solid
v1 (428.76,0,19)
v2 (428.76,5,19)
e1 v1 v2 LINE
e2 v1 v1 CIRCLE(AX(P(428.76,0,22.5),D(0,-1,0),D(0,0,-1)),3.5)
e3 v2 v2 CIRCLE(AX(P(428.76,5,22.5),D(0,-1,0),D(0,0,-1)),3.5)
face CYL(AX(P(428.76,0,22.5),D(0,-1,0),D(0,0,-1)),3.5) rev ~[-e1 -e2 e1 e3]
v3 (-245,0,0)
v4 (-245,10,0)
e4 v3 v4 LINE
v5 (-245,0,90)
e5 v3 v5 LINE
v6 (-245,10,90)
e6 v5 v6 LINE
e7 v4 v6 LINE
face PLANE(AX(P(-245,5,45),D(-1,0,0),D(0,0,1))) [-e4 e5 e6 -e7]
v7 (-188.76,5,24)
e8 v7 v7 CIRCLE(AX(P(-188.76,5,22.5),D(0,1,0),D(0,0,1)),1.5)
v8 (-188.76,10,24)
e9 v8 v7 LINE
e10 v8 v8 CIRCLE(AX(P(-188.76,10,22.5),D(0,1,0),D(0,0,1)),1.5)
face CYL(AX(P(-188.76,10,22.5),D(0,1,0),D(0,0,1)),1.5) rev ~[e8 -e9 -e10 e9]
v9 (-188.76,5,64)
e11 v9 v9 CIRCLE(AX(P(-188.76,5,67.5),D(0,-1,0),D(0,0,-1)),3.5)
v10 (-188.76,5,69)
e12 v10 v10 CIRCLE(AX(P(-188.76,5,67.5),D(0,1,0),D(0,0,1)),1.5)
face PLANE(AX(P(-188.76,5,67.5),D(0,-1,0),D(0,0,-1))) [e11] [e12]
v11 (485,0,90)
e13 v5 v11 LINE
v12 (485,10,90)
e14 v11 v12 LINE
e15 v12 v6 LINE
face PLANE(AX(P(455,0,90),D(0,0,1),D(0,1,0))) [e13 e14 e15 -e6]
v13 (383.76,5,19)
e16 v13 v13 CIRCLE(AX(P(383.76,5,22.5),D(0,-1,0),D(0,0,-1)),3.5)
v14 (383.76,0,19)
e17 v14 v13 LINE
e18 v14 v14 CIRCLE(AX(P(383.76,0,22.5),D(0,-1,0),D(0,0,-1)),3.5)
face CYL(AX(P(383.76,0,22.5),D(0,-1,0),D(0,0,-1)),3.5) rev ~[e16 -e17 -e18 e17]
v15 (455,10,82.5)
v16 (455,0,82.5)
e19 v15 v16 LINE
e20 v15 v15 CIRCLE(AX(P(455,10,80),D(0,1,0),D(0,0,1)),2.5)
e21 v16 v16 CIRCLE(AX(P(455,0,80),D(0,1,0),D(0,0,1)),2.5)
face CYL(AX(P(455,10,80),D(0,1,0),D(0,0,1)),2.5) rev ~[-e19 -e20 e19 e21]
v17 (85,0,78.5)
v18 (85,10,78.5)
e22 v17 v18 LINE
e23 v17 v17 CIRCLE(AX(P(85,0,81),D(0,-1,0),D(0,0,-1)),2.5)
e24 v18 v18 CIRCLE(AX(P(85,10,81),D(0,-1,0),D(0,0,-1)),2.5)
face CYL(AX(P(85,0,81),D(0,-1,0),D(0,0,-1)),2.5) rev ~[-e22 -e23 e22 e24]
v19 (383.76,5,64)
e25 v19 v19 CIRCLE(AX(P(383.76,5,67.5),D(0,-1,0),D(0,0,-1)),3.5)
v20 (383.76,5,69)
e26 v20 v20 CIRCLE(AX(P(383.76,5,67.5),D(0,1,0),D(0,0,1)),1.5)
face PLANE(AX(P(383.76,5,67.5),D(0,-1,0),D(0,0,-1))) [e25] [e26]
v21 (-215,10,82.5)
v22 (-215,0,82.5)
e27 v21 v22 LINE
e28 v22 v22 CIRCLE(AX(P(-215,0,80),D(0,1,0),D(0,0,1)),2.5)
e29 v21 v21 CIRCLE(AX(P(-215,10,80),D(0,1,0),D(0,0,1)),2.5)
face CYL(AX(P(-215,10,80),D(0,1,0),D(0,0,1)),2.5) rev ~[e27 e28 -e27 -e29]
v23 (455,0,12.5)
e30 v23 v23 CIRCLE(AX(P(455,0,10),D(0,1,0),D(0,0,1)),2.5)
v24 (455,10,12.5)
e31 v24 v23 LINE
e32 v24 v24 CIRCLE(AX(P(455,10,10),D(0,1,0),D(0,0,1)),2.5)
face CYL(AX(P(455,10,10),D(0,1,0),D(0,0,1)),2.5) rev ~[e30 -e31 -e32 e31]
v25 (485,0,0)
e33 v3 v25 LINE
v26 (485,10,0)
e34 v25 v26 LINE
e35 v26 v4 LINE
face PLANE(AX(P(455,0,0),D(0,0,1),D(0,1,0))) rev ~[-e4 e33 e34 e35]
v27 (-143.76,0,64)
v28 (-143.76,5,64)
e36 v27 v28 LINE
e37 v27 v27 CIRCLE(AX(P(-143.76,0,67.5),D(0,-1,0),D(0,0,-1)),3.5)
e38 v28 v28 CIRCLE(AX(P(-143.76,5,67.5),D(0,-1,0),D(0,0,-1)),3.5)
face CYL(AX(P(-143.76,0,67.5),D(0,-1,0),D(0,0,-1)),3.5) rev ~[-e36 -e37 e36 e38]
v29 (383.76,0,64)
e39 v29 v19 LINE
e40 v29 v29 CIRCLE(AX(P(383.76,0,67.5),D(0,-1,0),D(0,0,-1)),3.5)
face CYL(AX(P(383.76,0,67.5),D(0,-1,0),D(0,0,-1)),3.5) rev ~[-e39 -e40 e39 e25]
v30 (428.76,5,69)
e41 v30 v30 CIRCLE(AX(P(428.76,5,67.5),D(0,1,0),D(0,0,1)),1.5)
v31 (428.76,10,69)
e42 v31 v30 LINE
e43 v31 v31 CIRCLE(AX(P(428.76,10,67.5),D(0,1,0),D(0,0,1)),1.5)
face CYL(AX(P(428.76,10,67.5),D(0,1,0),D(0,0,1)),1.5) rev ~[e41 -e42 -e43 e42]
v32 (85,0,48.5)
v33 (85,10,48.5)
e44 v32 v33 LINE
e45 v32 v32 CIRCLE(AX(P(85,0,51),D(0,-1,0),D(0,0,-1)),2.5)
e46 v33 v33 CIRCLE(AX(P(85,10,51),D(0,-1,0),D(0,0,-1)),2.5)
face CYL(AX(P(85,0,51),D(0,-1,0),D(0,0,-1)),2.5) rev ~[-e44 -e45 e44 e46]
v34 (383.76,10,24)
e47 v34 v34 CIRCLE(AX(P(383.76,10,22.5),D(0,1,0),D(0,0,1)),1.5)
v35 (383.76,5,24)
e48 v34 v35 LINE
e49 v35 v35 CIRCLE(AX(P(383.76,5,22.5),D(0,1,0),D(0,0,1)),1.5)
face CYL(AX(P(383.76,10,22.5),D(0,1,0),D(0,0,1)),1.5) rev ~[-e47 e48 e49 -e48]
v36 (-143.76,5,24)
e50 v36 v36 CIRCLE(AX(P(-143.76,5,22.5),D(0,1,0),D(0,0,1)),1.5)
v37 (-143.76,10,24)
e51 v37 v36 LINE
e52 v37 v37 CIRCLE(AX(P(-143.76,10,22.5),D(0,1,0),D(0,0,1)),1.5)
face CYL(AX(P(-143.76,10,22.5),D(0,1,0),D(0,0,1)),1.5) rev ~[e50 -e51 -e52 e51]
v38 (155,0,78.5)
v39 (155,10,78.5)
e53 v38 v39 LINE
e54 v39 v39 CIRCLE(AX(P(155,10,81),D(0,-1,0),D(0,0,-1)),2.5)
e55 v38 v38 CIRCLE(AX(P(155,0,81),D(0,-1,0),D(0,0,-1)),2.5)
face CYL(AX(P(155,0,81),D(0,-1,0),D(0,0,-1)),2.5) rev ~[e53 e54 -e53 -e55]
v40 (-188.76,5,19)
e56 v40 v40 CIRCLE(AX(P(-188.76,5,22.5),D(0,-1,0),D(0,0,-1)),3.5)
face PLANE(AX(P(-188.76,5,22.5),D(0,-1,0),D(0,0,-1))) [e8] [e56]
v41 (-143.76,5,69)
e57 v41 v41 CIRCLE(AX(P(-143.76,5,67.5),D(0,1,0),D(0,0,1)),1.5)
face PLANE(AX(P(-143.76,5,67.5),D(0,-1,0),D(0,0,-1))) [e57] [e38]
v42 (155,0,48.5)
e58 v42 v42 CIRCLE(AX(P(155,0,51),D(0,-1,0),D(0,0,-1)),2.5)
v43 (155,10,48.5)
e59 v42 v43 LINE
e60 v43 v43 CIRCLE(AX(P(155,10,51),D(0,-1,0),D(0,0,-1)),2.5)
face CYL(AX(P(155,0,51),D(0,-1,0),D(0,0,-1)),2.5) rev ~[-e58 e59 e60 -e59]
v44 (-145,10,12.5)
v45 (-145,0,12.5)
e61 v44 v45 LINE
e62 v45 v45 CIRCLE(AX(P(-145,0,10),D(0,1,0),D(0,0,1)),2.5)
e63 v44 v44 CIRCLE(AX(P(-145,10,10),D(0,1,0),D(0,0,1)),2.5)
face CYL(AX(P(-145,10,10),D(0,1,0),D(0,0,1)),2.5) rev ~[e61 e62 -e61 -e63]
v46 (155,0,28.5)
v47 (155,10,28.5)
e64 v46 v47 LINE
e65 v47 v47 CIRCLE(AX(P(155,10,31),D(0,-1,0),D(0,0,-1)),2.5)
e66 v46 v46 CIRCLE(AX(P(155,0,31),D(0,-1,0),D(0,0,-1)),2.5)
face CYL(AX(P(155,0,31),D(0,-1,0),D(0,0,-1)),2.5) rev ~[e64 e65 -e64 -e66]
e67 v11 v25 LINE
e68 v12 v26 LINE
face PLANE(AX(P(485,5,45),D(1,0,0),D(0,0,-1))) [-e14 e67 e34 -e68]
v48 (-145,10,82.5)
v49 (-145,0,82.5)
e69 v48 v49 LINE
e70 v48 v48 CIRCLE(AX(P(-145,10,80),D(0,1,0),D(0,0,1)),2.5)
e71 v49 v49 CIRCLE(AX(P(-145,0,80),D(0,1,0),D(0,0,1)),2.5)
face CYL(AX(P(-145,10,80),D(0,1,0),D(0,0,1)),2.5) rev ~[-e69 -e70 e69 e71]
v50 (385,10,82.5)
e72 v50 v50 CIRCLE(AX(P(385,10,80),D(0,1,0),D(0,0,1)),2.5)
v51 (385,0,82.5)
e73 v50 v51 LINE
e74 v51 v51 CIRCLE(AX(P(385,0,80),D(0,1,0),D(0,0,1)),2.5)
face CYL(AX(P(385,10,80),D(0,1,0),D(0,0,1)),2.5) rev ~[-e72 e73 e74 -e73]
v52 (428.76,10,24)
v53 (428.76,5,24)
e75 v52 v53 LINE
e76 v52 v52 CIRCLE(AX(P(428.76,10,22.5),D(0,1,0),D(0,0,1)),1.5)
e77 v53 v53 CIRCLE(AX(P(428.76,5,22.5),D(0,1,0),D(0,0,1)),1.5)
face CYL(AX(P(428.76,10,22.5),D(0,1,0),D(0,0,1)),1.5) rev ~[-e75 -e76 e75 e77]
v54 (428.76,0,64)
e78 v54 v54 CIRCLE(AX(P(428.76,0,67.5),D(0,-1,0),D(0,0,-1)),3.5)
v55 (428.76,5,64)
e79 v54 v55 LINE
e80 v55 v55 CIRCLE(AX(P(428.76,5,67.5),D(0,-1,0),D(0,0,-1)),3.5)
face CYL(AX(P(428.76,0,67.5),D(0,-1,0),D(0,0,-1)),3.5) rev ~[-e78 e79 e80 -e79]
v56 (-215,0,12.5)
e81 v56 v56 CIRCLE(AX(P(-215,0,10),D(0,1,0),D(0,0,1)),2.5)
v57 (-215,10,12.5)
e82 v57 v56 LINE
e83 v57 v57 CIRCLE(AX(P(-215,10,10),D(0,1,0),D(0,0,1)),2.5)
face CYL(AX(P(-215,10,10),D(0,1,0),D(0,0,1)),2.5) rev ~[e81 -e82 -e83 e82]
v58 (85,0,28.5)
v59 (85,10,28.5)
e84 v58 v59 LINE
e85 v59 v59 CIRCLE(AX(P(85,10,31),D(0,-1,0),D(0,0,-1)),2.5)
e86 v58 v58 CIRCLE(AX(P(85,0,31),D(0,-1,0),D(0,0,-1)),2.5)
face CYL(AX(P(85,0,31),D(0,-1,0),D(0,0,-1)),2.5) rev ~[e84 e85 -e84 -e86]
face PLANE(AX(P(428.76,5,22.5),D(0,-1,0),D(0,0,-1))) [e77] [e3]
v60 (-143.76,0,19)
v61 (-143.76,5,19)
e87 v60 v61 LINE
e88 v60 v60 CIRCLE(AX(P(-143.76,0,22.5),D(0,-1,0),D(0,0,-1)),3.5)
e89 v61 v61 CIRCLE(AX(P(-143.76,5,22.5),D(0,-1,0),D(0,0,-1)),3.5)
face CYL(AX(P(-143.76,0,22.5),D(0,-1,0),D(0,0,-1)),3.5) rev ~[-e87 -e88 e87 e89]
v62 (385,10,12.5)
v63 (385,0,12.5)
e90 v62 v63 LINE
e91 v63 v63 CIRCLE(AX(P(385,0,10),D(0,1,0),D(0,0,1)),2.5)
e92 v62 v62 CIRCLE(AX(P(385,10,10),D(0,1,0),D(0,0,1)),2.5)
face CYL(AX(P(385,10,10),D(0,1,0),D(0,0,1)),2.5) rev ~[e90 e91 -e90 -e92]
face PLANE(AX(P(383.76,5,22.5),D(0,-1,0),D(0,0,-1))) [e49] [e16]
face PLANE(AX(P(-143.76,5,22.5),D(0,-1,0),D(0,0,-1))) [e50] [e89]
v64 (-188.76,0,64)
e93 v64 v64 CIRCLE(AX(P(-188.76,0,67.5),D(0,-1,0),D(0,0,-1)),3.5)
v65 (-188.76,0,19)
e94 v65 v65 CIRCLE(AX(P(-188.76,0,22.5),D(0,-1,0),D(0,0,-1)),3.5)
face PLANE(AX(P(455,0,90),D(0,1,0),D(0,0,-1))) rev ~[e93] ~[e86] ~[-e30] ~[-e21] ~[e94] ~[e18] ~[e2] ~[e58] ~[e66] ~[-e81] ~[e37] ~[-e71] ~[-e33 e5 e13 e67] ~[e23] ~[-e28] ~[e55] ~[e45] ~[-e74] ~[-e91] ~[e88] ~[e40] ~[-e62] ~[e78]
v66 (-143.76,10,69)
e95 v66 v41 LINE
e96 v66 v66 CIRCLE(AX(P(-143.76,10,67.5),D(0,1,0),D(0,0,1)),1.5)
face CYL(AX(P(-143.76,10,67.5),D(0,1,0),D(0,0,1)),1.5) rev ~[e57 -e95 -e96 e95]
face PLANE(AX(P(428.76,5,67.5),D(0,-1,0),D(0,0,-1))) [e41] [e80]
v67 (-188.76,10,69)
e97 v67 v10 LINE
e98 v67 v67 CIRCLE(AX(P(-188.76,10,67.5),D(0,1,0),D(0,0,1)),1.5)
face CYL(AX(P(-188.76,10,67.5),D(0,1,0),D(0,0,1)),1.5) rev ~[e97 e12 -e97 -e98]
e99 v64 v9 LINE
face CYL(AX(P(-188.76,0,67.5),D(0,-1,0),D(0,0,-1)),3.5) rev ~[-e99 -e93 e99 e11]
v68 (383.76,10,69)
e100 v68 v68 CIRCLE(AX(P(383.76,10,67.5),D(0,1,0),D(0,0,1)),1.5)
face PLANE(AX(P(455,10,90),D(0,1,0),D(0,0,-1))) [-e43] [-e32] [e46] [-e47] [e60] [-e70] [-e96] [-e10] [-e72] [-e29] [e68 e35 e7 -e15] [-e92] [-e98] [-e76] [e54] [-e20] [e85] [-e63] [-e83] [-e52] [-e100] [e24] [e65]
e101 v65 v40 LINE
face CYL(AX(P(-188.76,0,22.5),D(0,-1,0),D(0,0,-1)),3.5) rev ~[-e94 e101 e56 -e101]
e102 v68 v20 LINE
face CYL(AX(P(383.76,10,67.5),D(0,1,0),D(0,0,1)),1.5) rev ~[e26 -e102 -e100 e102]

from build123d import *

# Parameters (mm, degrees)
SKETCH_1_W          = 240
SKETCH_1_H          = 90
EXTRUDE_1_DEPTH     = 4
SKETCH_2_W          = 170
SKETCH_2_H          = 90
EXTRUDE_2_DEPTH     = 6
SKETCH_4_R          = 2.5
CUT_EXTRUDE_5_DEPTH = 257.515106768
SKETCH_5_W          = 90
SKETCH_5_H          = 10
EXTRUDE_3_DEPTH     = 250
SKETCH_6_W          = 90
SKETCH_6_H          = 10
EXTRUDE_4_DEPTH     = 250
SKETCH_7_R          = 1.5
CUT_EXTRUDE_7_DEPTH = 520
SKETCH_8_R          = 3.5
CUT_EXTRUDE_8_DEPTH = 5
SKETCH_11_W         = 90
SKETCH_11_H         = 10
EXTRUDE_5_DEPTH     = 30
SKETCH_12_W         = 90
SKETCH_12_H         = 10
EXTRUDE_6_DEPTH     = 30
SKETCH_14_R         = 2.5
CUT_EXTRUDE_9_DEPTH = 30


with BuildPart() as part:
    # 草图1 → 凸台-拉伸1 (new body)
    with BuildSketch(Plane(origin=(0, 0, 0), x_dir=(1, 0, 0), z_dir=(0, 1, 0))):
        with Locations((120, -45)):
            Rectangle(SKETCH_1_W, SKETCH_1_H)
    extrude(amount=EXTRUDE_1_DEPTH)

    # 草图2 → 凸台-拉伸2 (add)
    with BuildSketch(Plane(origin=(0, 4, 0), x_dir=(1, 0, 0), z_dir=(0, 1, 0))):
        with Locations((120, -45)):
            Rectangle(SKETCH_2_W, SKETCH_2_H)
    extrude(amount=EXTRUDE_2_DEPTH)

    # 草图4 → 切除-拉伸5 (cut, through all)
    with BuildSketch(Plane.XZ):
        with Locations(Location((85, 81, 0), (0, 0, 270))):
            Circle(SKETCH_4_R)
        with Locations(Location((155, 81, 0), (0, 0, 270))):
            Circle(SKETCH_4_R)
        with Locations(Location((85, 31, 0), (0, 0, 270))):
            Circle(SKETCH_4_R)
        with Locations(Location((155, 31, 0), (0, 0, 270))):
            Circle(SKETCH_4_R)
        with Locations(Location((85, 51, 0), (0, 0, 270))):
            Circle(SKETCH_4_R)
        with Locations(Location((155, 51, 0), (0, 0, 270))):
            Circle(SKETCH_4_R)
    extrude(amount=-CUT_EXTRUDE_5_DEPTH, mode=Mode.SUBTRACT)

    # 草图5 → 凸台-拉伸3 (add)
    with BuildSketch(Plane(origin=(205, 0, 0), x_dir=(0, 0, -1), z_dir=(1, 0, 0))):
        with Locations((-45, 5)):
            Rectangle(SKETCH_5_W, SKETCH_5_H)
    extrude(amount=EXTRUDE_3_DEPTH)

    # 草图6 → 凸台-拉伸4 (add)
    with BuildSketch(Plane.ZY.offset(-35)):
        with Locations((45, 5)):
            Rectangle(SKETCH_6_W, SKETCH_6_H)
    extrude(amount=EXTRUDE_4_DEPTH)

    # 草图7 → 切除-拉伸7 (cut)
    with BuildSketch(Plane(origin=(0, 10, 0), x_dir=(1, 0, 0), z_dir=(0, 1, 0))):
        with Locations(Location((-188.76, -22.5, 0), (0, 0, 270))):
            Circle(SKETCH_7_R)
        with Locations(Location((-188.76, -67.5, 0), (0, 0, 270))):
            Circle(SKETCH_7_R)
        with Locations(Location((-143.76, -67.5, 0), (0, 0, 270))):
            Circle(SKETCH_7_R)
        with Locations(Location((-143.76, -22.5, 0), (0, 0, 270))):
            Circle(SKETCH_7_R)
        with Locations(Location((383.76, -22.5, 0), (0, 0, 270))):
            Circle(SKETCH_7_R)
        with Locations(Location((383.76, -67.5, 0), (0, 0, 270))):
            Circle(SKETCH_7_R)
        with Locations(Location((428.76, -67.5, 0), (0, 0, 270))):
            Circle(SKETCH_7_R)
        with Locations(Location((428.76, -22.5, 0), (0, 0, 270))):
            Circle(SKETCH_7_R)
    extrude(amount=-CUT_EXTRUDE_7_DEPTH, mode=Mode.SUBTRACT)

    # 草图8 → 切除-拉伸8 (cut)
    with BuildSketch(Plane.XZ):
        with Locations(Location((-188.76, 67.5, 0), (0, 0, 270))):
            Circle(SKETCH_8_R)
        with Locations(Location((-143.76, 67.5, 0), (0, 0, 270))):
            Circle(SKETCH_8_R)
        with Locations(Location((-143.76, 22.5, 0), (0, 0, 270))):
            Circle(SKETCH_8_R)
        with Locations(Location((-188.76, 22.5, 0), (0, 0, 270))):
            Circle(SKETCH_8_R)
        with Locations(Location((383.76, 67.5, 0), (0, 0, 270))):
            Circle(SKETCH_8_R)
        with Locations(Location((428.76, 67.5, 0), (0, 0, 270))):
            Circle(SKETCH_8_R)
        with Locations(Location((383.76, 22.5, 0), (0, 0, 270))):
            Circle(SKETCH_8_R)
        with Locations(Location((428.76, 22.5, 0), (0, 0, 270))):
            Circle(SKETCH_8_R)
    extrude(amount=-CUT_EXTRUDE_8_DEPTH, mode=Mode.SUBTRACT)

    # 草图11 → 凸台-拉伸5 (add)
    with BuildSketch(Plane.ZY.offset(215)):
        with Locations((45, 5)):
            Rectangle(SKETCH_11_W, SKETCH_11_H)
    extrude(amount=EXTRUDE_5_DEPTH)

    # 草图12 → 凸台-拉伸6 (add)
    with BuildSketch(Plane(origin=(455, 0, 0), x_dir=(0, 0, -1), z_dir=(1, 0, 0))):
        with Locations((-45, 5)):
            Rectangle(SKETCH_12_W, SKETCH_12_H)
    extrude(amount=EXTRUDE_6_DEPTH)

    # 草图14 → 切除-拉伸9 (cut)
    with BuildSketch(Plane(origin=(0, 10, 0), x_dir=(1, 0, 0), z_dir=(0, 1, 0))):
        with Locations(Location((-215, -10, 0), (0, 0, 270))):
            Circle(SKETCH_14_R)
        with Locations(Location((-215, -80, 0), (0, 0, 270))):
            Circle(SKETCH_14_R)
        with Locations(Location((-145, -80, 0), (0, 0, 270))):
            Circle(SKETCH_14_R)
        with Locations(Location((-145, -10, 0), (0, 0, 270))):
            Circle(SKETCH_14_R)
        with Locations(Location((385, -10, 0), (0, 0, 270))):
            Circle(SKETCH_14_R)
        with Locations(Location((385, -80, 0), (0, 0, 270))):
            Circle(SKETCH_14_R)
        with Locations(Location((455, -80, 0), (0, 0, 270))):
            Circle(SKETCH_14_R)
        with Locations(Location((455, -10, 0), (0, 0, 270))):
            Circle(SKETCH_14_R)
    extrude(amount=-CUT_EXTRUDE_9_DEPTH, mode=Mode.SUBTRACT)


solid = part.part
